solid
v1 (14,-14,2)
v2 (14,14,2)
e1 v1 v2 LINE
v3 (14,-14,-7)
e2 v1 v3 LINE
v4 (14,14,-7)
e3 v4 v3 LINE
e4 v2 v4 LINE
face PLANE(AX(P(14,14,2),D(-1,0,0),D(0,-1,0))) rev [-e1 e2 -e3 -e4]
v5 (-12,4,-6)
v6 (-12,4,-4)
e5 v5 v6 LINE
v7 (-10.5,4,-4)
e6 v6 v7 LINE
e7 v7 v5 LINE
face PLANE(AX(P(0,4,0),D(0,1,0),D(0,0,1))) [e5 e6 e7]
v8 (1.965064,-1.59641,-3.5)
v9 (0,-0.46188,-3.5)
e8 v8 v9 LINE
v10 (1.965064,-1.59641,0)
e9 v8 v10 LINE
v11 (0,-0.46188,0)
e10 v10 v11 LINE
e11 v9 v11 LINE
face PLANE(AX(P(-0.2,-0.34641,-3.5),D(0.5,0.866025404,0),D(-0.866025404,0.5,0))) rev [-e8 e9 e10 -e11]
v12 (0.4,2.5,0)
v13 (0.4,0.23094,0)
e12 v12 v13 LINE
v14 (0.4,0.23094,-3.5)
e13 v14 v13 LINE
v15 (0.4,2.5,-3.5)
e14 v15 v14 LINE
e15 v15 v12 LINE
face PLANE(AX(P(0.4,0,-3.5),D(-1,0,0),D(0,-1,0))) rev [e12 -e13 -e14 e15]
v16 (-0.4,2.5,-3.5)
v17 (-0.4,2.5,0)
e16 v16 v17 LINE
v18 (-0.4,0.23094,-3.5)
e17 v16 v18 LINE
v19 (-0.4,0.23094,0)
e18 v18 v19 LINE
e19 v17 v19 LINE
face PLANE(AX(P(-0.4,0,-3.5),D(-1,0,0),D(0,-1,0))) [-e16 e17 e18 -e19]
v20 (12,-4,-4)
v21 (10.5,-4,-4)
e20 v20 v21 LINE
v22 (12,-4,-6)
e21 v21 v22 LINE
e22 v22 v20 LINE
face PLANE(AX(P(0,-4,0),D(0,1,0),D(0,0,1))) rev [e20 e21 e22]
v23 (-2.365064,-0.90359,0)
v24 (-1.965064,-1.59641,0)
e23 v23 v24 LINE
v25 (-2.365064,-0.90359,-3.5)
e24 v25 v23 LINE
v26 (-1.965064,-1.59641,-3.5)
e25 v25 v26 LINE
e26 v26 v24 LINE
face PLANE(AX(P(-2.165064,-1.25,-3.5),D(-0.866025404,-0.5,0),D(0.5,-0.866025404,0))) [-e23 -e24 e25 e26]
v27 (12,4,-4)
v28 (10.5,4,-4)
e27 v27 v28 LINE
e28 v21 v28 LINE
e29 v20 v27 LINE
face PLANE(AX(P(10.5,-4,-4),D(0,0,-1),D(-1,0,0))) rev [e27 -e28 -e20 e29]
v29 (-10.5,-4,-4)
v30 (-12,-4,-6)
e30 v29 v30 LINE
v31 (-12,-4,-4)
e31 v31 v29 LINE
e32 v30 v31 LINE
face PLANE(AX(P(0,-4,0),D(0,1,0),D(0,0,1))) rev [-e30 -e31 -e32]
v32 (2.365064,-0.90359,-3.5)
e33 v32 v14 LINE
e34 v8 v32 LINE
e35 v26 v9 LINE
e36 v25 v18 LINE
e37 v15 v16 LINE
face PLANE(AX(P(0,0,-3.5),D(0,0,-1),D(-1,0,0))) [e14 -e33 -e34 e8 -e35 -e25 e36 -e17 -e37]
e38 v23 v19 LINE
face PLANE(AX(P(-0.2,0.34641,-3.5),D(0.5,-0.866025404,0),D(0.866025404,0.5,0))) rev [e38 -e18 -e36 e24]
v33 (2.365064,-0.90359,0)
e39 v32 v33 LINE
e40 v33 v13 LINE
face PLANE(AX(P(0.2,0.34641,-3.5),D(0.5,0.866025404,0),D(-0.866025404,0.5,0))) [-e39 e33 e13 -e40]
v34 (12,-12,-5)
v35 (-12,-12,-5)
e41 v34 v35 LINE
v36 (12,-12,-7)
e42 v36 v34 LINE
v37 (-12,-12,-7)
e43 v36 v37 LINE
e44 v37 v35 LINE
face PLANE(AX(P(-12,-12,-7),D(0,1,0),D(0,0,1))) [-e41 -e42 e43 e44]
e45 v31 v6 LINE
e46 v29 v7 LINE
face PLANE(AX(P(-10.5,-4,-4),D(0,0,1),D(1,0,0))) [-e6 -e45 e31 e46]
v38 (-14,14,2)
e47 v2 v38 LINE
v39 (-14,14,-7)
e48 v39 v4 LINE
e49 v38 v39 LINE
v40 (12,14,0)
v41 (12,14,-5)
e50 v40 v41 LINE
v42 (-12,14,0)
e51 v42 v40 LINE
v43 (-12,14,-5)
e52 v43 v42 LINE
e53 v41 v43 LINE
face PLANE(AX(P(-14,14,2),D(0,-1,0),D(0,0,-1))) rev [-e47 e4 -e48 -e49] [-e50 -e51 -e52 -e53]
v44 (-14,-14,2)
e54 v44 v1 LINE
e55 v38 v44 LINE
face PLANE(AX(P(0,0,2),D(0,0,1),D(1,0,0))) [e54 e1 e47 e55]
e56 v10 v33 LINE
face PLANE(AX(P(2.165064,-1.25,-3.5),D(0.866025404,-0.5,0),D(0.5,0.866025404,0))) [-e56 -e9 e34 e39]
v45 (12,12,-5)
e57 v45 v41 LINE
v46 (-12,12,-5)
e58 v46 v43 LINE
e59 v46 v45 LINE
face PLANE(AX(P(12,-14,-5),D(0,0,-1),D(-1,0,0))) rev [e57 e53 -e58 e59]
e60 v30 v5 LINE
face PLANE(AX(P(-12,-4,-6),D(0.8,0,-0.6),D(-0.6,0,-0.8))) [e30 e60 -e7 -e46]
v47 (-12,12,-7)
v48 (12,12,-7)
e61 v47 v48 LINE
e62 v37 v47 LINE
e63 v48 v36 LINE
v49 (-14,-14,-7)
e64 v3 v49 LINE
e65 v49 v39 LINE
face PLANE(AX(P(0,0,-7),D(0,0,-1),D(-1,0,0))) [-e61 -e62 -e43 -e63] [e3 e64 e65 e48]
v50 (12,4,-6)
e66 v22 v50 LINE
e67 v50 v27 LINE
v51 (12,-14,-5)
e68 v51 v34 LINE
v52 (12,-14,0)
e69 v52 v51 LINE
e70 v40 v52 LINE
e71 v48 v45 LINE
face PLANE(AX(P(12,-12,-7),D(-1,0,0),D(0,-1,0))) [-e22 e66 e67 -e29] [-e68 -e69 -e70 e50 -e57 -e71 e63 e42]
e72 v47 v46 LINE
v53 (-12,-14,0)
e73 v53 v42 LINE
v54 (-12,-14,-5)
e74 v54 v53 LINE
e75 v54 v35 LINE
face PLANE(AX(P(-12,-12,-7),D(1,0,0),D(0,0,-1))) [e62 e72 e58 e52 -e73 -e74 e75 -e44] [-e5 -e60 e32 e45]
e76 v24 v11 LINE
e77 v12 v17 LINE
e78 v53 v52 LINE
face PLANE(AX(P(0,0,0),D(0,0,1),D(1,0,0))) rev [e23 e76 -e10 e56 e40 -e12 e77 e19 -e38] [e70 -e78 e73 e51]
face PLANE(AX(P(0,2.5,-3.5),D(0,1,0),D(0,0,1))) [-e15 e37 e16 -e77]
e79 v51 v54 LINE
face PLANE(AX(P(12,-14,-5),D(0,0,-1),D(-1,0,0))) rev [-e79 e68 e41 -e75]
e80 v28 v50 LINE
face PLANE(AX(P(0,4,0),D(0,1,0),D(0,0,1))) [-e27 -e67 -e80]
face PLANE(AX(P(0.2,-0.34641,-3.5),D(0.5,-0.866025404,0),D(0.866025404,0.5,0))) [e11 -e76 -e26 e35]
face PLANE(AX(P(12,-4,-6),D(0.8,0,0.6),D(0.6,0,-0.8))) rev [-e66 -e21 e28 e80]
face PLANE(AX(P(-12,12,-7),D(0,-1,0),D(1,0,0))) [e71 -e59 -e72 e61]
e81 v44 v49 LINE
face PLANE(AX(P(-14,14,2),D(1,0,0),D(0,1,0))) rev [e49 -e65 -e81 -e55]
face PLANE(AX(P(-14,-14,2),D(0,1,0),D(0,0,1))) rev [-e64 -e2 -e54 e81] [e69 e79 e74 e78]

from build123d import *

# Parameters (mm, degrees)
SKETCH_1_W          = 28
SKETCH_1_H          = 28
EXTRUDE_1_DEPTH     = 2
SKETCH_2_W          = 28
SKETCH_2_H          = 28
SKETCH_2_W_2        = 24
SKETCH_2_H_2        = 24
EXTRUDE_2_DEPTH     = 7
SKETCH_3_W          = 24
SKETCH_3_H          = 5
CUT_EXTRUDE_1_DEPTH = 33.078029865
EXTRUDE_3_DEPTH     = 3.5
EXTRUDE_4_DEPTH     = 4


with BuildPart() as part:
    # Эскиз1 → Бобышка-Вытянуть1 (new body)
    with BuildSketch(Plane.XY):
        Rectangle(SKETCH_1_W, SKETCH_1_H)
    extrude(amount=EXTRUDE_1_DEPTH)

    # Эскиз2 → Бобышка-Вытянуть2 (add)
    with BuildSketch(Plane(origin=(0, 0, 0), x_dir=(-1, 0, 0), z_dir=(0, 0, -1))):
        Rectangle(SKETCH_2_W, SKETCH_2_H)
        Rectangle(SKETCH_2_W_2, SKETCH_2_H_2, mode=Mode.SUBTRACT)
    extrude(amount=EXTRUDE_2_DEPTH)

    # Эскиз3 → Вырез-Вытянуть1 (cut, through all)
    with BuildSketch(Plane(origin=(0, 14, 0), x_dir=(1, 0, 0), z_dir=(0, 1, 0))):
        with Locations((0, 2.5)):
            Rectangle(SKETCH_3_W, SKETCH_3_H)
    extrude(amount=-CUT_EXTRUDE_1_DEPTH, mode=Mode.SUBTRACT)

    # Эскиз4 → Бобышка-Вытянуть3 (add)
    with BuildSketch(Plane(origin=(0, 0, 0), x_dir=(-1, 0, 0), z_dir=(0, 0, -1))):
        with BuildLine():
            Line((-1.965063509, -1.596410162), (0, -0.461880215))
            Line((0, -0.461880215), (-0.2, -0.346410162))
            ThreePointArc((-0.2, -0.346410162), (-0.346410162, -0.2), (-0.4, 0))
            Line((-0.4, 0), (-0.4, 0.230940108))
            Line((-0.4, 0.230940108), (-2.365063509, -0.903589838))
            Line((-2.365063509, -0.903589838), (-1.965063509, -1.596410162))
        make_face()
        with BuildLine():
            Line((0, -0.461880215), (1.965063509, -1.596410162))
            Line((1.965063509, -1.596410162), (2.365063509, -0.903589838))
            Line((2.365063509, -0.903589838), (0.4, 0.230940108))
            Line((0.4, 0.230940108), (0.4, 0))
            ThreePointArc((0.4, 0), (0.346410162, -0.2), (0.2, -0.346410162))
            Line((0.2, -0.346410162), (0, -0.461880215))
        make_face()
        with BuildLine():
            Line((0.2, 0.346410162), (0.4, 0.230940108))
            Line((0.4, 0.230940108), (0.4, 2.5))
            Line((0.4, 2.5), (-0.4, 2.5))
            Line((-0.4, 2.5), (-0.4, 0.230940108))
            Line((-0.4, 0.230940108), (-0.2, 0.346410162))
            ThreePointArc((-0.2, 0.346410162), (0, 0.4), (0.2, 0.346410162))
        make_face()
        with BuildLine():
            Line((0, 0), (-0.2, -0.346410162))
            ThreePointArc((-0.2, -0.346410162), (0, -0.4), (0.2, -0.346410162))
            Line((0.2, -0.346410162), (0, 0))
        make_face()
        with BuildLine():
            Line((-0.2, 0.346410162), (0, 0))
            Line((0, 0), (0.2, 0.346410162))
            ThreePointArc((0.2, 0.346410162), (0, 0.4), (-0.2, 0.346410162))
        make_face()
        with BuildLine():
            Line((0, 0), (0.2, -0.346410162))
            ThreePointArc((0.2, -0.346410162), (0.346410162, -0.2), (0.4, 0))
            Line((0.4, 0), (0, 0))
        make_face()
        with BuildLine():
            Line((-0.4, 0), (0, 0))
            Line((0, 0), (-0.2, 0.346410162))
            ThreePointArc((-0.2, 0.346410162), (-0.346410162, 0.2), (-0.4, 0))
        make_face()
        with BuildLine():
            ThreePointArc((-0.4, 0), (-0.346410162, -0.2), (-0.2, -0.346410162))
            Line((-0.2, -0.346410162), (0, 0))
            Line((0, 0), (-0.4, 0))
        make_face()
        with BuildLine():
            Line((0.2, 0.346410162), (0, 0))
            Line((0, 0), (0.4, 0))
            ThreePointArc((0.4, 0), (0.346410162, 0.2), (0.2, 0.346410162))
        make_face()
        with BuildLine():
            Line((-0.2, -0.346410162), (0, -0.461880215))
            Line((0, -0.461880215), (0.2, -0.346410162))
            ThreePointArc((0.2, -0.346410162), (0, -0.4), (-0.2, -0.346410162))
        make_face()
        with BuildLine():
            Line((0.4, 0), (0.4, 0.230940108))
            Line((0.4, 0.230940108), (0.2, 0.346410162))
            ThreePointArc((0.2, 0.346410162), (0.346410162, 0.2), (0.4, 0))
        make_face()
        with BuildLine():
            Line((-0.4, 0.230940108), (-0.4, 0))
            ThreePointArc((-0.4, 0), (-0.346410162, 0.2), (-0.2, 0.346410162))
            Line((-0.2, 0.346410162), (-0.4, 0.230940108))
        make_face()
    extrude(amount=EXTRUDE_3_DEPTH)

    # Эскиз6 → Бобышка-Вытянуть4 (add, symmetric)
    with BuildSketch(Plane(origin=(0, 0, 0), x_dir=(1, 0, 0), z_dir=(0, 1, 0))):
        Polygon((-12, 6), (-10.5, 4), (-12, 4), align=None)
    extrude_4 = extrude(amount=EXTRUDE_4_DEPTH, both=True)

    # Зеркальное отражение1: Бобышка-Вытянуть4 across plane
    add(extrude_4.mirror(Plane(origin=(0, 0, 0), x_dir=(0, 0, 1), z_dir=(1, 0, 0))))


solid = part.part
